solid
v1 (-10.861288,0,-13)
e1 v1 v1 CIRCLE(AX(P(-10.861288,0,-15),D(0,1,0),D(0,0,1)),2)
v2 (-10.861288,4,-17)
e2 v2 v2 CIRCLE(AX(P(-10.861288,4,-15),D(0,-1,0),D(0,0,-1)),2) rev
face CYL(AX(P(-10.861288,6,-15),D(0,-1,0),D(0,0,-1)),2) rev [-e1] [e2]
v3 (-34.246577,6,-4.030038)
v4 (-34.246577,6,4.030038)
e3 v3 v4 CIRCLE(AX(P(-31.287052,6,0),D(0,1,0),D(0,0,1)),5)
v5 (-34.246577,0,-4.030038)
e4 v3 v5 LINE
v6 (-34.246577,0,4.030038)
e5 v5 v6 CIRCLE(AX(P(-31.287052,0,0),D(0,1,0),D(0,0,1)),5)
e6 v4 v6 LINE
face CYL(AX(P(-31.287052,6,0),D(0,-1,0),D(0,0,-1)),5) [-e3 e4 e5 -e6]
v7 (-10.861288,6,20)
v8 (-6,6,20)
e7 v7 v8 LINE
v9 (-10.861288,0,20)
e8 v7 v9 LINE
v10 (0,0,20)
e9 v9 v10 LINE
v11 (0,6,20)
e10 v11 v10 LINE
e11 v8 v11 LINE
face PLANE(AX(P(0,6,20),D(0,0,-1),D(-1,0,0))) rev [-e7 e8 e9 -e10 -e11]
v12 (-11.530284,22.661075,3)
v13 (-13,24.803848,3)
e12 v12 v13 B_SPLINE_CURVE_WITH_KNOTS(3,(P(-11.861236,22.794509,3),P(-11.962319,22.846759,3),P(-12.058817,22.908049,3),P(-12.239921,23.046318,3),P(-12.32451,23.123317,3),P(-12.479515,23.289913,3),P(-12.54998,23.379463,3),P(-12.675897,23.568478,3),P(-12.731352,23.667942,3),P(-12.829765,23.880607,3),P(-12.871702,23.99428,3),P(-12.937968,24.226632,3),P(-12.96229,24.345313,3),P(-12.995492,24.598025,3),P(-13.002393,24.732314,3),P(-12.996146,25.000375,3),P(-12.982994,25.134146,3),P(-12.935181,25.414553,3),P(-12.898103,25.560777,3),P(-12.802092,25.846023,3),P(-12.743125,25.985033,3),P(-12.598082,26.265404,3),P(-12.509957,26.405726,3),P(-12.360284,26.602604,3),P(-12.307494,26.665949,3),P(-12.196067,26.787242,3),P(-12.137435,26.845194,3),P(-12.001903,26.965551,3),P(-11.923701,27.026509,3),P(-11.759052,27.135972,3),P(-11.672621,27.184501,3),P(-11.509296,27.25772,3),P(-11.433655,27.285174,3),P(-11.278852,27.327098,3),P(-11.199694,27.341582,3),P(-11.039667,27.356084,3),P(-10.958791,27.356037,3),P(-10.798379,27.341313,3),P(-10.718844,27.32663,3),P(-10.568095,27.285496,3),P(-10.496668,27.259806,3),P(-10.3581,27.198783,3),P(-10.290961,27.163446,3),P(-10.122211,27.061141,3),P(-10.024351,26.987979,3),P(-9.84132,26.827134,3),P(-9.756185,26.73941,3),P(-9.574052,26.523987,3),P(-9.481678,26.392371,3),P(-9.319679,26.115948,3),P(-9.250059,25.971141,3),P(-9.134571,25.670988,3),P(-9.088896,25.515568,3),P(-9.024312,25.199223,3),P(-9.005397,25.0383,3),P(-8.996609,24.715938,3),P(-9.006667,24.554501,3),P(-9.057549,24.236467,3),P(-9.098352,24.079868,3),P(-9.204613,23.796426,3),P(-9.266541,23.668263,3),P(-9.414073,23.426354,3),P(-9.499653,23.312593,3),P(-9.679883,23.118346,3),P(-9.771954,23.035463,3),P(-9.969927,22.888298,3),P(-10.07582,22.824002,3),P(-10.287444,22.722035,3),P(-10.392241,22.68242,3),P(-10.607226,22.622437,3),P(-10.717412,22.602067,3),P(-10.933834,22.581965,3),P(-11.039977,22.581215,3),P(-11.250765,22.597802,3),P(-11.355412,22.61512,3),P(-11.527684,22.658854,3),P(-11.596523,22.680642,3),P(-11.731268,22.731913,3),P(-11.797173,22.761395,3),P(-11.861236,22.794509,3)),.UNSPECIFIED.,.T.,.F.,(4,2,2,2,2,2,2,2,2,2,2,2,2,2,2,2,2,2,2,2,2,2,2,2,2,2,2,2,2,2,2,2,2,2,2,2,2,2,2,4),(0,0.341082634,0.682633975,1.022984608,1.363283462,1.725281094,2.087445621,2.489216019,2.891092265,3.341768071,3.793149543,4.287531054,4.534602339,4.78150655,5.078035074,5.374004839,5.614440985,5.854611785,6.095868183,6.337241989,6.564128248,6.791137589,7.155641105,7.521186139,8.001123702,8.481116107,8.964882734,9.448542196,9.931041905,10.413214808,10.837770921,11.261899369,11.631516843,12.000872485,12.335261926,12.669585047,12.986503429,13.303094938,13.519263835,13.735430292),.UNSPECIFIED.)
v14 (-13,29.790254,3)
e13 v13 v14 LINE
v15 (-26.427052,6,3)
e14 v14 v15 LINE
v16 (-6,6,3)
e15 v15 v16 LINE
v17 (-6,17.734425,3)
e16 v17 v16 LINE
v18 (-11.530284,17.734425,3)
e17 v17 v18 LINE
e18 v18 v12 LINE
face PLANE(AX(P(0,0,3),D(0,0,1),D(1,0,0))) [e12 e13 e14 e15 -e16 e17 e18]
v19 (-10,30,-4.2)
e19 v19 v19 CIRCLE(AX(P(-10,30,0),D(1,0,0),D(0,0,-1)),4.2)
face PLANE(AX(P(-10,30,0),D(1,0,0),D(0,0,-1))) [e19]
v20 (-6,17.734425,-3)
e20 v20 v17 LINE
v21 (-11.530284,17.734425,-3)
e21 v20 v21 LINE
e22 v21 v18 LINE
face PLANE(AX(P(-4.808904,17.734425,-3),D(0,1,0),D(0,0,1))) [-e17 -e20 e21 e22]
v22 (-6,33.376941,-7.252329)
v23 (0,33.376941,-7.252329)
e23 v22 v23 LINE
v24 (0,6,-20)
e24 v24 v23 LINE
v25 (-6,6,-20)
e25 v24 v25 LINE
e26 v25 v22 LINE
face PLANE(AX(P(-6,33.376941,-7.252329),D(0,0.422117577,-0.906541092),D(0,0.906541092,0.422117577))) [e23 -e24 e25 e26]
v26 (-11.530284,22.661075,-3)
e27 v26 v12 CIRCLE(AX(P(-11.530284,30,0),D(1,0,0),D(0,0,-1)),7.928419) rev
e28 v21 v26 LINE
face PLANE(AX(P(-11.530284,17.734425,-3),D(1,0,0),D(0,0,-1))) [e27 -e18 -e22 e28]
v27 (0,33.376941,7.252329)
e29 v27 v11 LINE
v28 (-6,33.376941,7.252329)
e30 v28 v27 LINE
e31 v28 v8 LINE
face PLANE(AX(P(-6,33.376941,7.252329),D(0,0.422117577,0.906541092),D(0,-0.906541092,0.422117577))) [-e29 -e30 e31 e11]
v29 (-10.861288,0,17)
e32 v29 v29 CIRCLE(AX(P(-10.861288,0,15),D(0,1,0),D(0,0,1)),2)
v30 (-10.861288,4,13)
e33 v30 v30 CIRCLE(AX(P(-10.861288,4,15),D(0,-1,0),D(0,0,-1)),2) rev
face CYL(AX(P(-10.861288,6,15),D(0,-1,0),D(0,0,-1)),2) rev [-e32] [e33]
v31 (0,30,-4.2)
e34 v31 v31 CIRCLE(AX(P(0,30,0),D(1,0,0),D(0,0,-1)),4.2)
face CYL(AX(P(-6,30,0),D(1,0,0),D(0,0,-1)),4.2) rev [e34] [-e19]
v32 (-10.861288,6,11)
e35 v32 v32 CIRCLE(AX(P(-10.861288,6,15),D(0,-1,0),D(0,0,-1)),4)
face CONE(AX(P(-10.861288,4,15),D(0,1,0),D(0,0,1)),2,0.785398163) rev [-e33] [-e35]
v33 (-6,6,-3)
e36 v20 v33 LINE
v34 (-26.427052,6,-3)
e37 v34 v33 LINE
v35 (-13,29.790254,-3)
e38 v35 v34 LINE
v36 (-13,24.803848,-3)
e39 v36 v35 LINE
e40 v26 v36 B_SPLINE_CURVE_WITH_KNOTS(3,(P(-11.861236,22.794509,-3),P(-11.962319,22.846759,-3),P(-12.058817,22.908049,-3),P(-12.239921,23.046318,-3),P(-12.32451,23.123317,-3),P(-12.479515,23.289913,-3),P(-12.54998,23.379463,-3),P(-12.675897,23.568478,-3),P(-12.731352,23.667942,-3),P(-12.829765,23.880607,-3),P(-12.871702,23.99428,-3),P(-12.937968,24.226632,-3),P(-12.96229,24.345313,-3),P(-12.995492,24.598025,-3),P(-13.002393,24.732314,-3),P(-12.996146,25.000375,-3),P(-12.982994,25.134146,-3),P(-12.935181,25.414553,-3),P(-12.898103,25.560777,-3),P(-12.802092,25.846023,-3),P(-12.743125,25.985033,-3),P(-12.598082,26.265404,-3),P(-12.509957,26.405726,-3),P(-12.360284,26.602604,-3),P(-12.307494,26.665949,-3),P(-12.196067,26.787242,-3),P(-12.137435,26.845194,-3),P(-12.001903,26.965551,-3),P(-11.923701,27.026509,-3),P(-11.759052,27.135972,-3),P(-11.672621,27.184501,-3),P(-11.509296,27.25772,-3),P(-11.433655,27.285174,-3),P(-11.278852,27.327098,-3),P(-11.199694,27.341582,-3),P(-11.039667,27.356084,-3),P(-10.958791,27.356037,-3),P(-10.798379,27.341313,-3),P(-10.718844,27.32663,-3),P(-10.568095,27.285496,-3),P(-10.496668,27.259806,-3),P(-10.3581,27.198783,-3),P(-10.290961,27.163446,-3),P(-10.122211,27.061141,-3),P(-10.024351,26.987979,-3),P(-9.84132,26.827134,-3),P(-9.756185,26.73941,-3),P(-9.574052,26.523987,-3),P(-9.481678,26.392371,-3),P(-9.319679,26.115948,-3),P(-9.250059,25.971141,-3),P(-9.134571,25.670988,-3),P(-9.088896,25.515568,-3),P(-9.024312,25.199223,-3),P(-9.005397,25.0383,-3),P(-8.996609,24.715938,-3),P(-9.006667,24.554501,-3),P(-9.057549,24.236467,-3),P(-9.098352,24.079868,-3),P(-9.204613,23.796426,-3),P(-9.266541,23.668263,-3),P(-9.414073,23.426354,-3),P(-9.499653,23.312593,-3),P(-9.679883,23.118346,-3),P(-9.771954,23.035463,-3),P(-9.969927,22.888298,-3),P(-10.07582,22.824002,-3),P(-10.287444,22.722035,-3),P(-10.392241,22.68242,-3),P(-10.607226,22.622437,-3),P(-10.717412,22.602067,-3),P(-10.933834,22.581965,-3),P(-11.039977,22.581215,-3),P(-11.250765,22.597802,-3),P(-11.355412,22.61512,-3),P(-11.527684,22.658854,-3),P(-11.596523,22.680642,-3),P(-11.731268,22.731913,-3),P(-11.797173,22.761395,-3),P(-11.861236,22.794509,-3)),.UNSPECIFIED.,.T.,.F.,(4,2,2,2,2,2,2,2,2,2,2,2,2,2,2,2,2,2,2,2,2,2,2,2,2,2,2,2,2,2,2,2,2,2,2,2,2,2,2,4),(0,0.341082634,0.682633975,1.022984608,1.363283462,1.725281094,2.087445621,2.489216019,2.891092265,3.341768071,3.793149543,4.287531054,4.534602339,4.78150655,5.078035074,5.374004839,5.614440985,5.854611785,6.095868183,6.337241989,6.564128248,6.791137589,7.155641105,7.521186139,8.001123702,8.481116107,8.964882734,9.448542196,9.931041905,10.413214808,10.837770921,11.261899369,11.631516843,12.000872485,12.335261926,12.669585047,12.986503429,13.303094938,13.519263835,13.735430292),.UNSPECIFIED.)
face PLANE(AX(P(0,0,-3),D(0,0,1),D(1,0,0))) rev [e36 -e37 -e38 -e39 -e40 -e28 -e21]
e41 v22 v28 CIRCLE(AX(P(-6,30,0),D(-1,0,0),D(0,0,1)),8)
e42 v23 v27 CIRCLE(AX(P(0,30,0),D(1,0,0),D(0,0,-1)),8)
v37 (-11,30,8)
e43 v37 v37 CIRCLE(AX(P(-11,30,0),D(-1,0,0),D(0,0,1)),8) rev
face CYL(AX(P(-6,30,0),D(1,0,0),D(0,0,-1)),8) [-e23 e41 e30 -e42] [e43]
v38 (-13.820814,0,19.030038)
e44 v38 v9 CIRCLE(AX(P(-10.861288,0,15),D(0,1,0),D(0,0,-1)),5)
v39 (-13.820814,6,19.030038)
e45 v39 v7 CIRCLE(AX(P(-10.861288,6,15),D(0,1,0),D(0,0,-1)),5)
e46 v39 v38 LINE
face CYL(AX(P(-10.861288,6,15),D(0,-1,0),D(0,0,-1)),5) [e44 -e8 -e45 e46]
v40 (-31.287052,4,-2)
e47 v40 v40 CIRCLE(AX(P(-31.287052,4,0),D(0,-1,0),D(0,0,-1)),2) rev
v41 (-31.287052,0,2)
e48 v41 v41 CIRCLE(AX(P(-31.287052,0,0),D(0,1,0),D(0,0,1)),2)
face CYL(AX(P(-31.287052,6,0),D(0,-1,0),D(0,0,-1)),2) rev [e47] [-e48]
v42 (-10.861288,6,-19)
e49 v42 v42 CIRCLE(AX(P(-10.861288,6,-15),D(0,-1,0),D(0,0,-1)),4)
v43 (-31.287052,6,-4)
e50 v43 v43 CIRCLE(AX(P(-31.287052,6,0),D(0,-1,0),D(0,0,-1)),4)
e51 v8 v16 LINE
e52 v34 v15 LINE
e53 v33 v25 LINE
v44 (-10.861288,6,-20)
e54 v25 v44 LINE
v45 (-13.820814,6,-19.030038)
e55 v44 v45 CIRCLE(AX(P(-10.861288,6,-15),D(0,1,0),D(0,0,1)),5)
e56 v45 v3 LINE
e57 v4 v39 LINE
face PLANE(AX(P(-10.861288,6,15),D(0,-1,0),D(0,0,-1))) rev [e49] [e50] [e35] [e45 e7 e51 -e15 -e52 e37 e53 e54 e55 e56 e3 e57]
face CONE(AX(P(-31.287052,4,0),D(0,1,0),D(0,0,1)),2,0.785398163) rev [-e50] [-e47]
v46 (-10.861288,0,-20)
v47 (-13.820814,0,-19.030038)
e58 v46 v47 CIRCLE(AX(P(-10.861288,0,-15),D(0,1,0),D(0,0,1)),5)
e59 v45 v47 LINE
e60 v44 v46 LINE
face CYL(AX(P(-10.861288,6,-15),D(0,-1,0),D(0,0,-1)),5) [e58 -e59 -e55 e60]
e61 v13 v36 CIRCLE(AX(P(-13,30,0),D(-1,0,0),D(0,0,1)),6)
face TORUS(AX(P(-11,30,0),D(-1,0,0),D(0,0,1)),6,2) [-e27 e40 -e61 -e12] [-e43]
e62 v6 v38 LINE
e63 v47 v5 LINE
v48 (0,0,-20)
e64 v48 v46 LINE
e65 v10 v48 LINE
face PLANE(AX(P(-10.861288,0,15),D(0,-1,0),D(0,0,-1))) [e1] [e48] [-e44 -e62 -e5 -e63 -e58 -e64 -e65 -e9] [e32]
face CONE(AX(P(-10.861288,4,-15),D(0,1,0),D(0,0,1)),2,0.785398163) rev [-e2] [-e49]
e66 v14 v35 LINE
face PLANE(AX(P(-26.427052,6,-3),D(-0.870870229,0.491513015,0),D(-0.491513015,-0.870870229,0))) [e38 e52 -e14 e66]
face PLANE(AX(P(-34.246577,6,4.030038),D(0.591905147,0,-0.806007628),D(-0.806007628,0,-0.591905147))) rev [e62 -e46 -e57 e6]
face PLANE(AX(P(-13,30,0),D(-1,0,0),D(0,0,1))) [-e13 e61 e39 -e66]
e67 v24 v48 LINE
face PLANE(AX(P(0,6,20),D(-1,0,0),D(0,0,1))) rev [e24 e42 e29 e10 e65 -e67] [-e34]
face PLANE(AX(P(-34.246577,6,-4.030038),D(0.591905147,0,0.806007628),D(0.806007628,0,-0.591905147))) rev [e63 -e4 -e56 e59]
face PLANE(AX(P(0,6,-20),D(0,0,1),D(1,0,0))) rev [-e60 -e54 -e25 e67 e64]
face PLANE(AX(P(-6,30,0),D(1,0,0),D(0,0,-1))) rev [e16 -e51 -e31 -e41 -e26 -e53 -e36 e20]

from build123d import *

# Parameters (mm, degrees)
SKETCH_1_R           = 2
EXTRUDE_1_DEPTH      = 6
CHAMFER_3_SIZE       = 2
SKETCH_4_R           = 4.2
EXTRUDE_2_DEPTH      = 6
SKETCH_7_R           = 8
EXTRUDE_3_DEPTH      = 7
FILLET_1_R           = 2
EXTRUDE_4_DEPTH      = 3
EXTRUDE_4_DEPTH_BACK = 3
SKETCH_9_R           = 4.2
CUT_EXTRUDE_1_DEPTH  = 10


with BuildPart() as part:
    # Эскиз1 → Бобышка-Вытянуть1 (new body)
    with BuildSketch(Plane(origin=(0, 0, 0), x_dir=(1, 0, 0), z_dir=(0, 1, 0))):
        with BuildLine():
            Line((0, -20), (0, 20))
            Line((0, 20), (-10.861288353, 20))
            ThreePointArc((-10.861288353, 20), (-12.418498887, 19.751325642), (-13.820814088, 19.030038141))
            Line((-13.820814088, 19.030038141), (-34.246577377, 4.030038141))
            ThreePointArc((-34.246577377, 4.030038141), (-36.287051642, 0), (-34.246577377, -4.030038141))
            Line((-34.246577377, -4.030038141), (-13.820814088, -19.030038141))
            ThreePointArc((-13.820814088, -19.030038141), (-12.418498887, -19.751325642), (-10.861288353, -20))
            Line((-10.861288353, -20), (0, -20))
        make_face()
        with Locations((-31.287051642, 0)):
            Circle(SKETCH_1_R, mode=Mode.SUBTRACT)
        with Locations((-10.861288353, -15)):
            Circle(SKETCH_1_R, mode=Mode.SUBTRACT)
        with Locations((-10.861288353, 15)):
            Circle(SKETCH_1_R, mode=Mode.SUBTRACT)
    extrude(amount=EXTRUDE_1_DEPTH)

    # Фаска3
    chamfer_3_edges = [part.edges().sort_by_distance(p)[0] for p in [
        (-12.861288353, 6, -15),
        (-33.287051642, 6, 0),
        (-12.861288353, 6, 15),
    ]]
    chamfer(chamfer_3_edges, length=CHAMFER_3_SIZE)

    # Эскиз4 → Бобышка-Вытянуть2 (add)
    with BuildSketch(Plane(origin=(0, 0, 0), x_dir=(0, 0, -1), z_dir=(1, 0, 0))):
        with BuildLine():
            Line((-7.252328736, 33.376940613), (-20, 6))
            Line((-20, 6), (20, 6))
            Line((20, 6), (7.252328736, 33.376940613))
            ThreePointArc((7.252328736, 33.376940613), (0, 38), (-7.252328736, 33.376940613))
        make_face()
        with Locations((0, 30)):
            Circle(SKETCH_4_R, mode=Mode.SUBTRACT)
    extrude(amount=-EXTRUDE_2_DEPTH)

    # Эскиз7 → Бобышка-Вытянуть3 (add)
    with BuildSketch(Plane.ZY.offset(6)):
        with Locations((0, 30)):
            Circle(SKETCH_7_R)
    extrude(amount=EXTRUDE_3_DEPTH)

    # Скругление1
    fillet_1_edges = [part.edges().sort_by_distance(p)[0] for p in [
        (-13, 30, -8),
    ]]
    fillet(fillet_1_edges, radius=FILLET_1_R)

    # Эскиз8 → Бобышка-Вытянуть4 (add, two sides)
    with BuildSketch(Plane.XY) as extrude_4_sk:
        Polygon((-26.427051642, 6), (-12.606919313, 30.486720465), (-11.530283794, 30.486720465), (-11.530283794, 17.734425211), (-4.808903741, 17.734425211), (-4.214748598, 6), align=None)
    extrude(amount=EXTRUDE_4_DEPTH)
    extrude(extrude_4_sk.sketch, amount=-EXTRUDE_4_DEPTH_BACK)

    # Эскиз9 → Вырез-Вытянуть1 (cut)
    with BuildSketch(Plane(origin=(0, 0, 0), x_dir=(0, 0, -1), z_dir=(1, 0, 0))):
        with Locations((0, 30)):
            Circle(SKETCH_9_R)
    extrude(amount=-CUT_EXTRUDE_1_DEPTH, mode=Mode.SUBTRACT)


solid = part.part
